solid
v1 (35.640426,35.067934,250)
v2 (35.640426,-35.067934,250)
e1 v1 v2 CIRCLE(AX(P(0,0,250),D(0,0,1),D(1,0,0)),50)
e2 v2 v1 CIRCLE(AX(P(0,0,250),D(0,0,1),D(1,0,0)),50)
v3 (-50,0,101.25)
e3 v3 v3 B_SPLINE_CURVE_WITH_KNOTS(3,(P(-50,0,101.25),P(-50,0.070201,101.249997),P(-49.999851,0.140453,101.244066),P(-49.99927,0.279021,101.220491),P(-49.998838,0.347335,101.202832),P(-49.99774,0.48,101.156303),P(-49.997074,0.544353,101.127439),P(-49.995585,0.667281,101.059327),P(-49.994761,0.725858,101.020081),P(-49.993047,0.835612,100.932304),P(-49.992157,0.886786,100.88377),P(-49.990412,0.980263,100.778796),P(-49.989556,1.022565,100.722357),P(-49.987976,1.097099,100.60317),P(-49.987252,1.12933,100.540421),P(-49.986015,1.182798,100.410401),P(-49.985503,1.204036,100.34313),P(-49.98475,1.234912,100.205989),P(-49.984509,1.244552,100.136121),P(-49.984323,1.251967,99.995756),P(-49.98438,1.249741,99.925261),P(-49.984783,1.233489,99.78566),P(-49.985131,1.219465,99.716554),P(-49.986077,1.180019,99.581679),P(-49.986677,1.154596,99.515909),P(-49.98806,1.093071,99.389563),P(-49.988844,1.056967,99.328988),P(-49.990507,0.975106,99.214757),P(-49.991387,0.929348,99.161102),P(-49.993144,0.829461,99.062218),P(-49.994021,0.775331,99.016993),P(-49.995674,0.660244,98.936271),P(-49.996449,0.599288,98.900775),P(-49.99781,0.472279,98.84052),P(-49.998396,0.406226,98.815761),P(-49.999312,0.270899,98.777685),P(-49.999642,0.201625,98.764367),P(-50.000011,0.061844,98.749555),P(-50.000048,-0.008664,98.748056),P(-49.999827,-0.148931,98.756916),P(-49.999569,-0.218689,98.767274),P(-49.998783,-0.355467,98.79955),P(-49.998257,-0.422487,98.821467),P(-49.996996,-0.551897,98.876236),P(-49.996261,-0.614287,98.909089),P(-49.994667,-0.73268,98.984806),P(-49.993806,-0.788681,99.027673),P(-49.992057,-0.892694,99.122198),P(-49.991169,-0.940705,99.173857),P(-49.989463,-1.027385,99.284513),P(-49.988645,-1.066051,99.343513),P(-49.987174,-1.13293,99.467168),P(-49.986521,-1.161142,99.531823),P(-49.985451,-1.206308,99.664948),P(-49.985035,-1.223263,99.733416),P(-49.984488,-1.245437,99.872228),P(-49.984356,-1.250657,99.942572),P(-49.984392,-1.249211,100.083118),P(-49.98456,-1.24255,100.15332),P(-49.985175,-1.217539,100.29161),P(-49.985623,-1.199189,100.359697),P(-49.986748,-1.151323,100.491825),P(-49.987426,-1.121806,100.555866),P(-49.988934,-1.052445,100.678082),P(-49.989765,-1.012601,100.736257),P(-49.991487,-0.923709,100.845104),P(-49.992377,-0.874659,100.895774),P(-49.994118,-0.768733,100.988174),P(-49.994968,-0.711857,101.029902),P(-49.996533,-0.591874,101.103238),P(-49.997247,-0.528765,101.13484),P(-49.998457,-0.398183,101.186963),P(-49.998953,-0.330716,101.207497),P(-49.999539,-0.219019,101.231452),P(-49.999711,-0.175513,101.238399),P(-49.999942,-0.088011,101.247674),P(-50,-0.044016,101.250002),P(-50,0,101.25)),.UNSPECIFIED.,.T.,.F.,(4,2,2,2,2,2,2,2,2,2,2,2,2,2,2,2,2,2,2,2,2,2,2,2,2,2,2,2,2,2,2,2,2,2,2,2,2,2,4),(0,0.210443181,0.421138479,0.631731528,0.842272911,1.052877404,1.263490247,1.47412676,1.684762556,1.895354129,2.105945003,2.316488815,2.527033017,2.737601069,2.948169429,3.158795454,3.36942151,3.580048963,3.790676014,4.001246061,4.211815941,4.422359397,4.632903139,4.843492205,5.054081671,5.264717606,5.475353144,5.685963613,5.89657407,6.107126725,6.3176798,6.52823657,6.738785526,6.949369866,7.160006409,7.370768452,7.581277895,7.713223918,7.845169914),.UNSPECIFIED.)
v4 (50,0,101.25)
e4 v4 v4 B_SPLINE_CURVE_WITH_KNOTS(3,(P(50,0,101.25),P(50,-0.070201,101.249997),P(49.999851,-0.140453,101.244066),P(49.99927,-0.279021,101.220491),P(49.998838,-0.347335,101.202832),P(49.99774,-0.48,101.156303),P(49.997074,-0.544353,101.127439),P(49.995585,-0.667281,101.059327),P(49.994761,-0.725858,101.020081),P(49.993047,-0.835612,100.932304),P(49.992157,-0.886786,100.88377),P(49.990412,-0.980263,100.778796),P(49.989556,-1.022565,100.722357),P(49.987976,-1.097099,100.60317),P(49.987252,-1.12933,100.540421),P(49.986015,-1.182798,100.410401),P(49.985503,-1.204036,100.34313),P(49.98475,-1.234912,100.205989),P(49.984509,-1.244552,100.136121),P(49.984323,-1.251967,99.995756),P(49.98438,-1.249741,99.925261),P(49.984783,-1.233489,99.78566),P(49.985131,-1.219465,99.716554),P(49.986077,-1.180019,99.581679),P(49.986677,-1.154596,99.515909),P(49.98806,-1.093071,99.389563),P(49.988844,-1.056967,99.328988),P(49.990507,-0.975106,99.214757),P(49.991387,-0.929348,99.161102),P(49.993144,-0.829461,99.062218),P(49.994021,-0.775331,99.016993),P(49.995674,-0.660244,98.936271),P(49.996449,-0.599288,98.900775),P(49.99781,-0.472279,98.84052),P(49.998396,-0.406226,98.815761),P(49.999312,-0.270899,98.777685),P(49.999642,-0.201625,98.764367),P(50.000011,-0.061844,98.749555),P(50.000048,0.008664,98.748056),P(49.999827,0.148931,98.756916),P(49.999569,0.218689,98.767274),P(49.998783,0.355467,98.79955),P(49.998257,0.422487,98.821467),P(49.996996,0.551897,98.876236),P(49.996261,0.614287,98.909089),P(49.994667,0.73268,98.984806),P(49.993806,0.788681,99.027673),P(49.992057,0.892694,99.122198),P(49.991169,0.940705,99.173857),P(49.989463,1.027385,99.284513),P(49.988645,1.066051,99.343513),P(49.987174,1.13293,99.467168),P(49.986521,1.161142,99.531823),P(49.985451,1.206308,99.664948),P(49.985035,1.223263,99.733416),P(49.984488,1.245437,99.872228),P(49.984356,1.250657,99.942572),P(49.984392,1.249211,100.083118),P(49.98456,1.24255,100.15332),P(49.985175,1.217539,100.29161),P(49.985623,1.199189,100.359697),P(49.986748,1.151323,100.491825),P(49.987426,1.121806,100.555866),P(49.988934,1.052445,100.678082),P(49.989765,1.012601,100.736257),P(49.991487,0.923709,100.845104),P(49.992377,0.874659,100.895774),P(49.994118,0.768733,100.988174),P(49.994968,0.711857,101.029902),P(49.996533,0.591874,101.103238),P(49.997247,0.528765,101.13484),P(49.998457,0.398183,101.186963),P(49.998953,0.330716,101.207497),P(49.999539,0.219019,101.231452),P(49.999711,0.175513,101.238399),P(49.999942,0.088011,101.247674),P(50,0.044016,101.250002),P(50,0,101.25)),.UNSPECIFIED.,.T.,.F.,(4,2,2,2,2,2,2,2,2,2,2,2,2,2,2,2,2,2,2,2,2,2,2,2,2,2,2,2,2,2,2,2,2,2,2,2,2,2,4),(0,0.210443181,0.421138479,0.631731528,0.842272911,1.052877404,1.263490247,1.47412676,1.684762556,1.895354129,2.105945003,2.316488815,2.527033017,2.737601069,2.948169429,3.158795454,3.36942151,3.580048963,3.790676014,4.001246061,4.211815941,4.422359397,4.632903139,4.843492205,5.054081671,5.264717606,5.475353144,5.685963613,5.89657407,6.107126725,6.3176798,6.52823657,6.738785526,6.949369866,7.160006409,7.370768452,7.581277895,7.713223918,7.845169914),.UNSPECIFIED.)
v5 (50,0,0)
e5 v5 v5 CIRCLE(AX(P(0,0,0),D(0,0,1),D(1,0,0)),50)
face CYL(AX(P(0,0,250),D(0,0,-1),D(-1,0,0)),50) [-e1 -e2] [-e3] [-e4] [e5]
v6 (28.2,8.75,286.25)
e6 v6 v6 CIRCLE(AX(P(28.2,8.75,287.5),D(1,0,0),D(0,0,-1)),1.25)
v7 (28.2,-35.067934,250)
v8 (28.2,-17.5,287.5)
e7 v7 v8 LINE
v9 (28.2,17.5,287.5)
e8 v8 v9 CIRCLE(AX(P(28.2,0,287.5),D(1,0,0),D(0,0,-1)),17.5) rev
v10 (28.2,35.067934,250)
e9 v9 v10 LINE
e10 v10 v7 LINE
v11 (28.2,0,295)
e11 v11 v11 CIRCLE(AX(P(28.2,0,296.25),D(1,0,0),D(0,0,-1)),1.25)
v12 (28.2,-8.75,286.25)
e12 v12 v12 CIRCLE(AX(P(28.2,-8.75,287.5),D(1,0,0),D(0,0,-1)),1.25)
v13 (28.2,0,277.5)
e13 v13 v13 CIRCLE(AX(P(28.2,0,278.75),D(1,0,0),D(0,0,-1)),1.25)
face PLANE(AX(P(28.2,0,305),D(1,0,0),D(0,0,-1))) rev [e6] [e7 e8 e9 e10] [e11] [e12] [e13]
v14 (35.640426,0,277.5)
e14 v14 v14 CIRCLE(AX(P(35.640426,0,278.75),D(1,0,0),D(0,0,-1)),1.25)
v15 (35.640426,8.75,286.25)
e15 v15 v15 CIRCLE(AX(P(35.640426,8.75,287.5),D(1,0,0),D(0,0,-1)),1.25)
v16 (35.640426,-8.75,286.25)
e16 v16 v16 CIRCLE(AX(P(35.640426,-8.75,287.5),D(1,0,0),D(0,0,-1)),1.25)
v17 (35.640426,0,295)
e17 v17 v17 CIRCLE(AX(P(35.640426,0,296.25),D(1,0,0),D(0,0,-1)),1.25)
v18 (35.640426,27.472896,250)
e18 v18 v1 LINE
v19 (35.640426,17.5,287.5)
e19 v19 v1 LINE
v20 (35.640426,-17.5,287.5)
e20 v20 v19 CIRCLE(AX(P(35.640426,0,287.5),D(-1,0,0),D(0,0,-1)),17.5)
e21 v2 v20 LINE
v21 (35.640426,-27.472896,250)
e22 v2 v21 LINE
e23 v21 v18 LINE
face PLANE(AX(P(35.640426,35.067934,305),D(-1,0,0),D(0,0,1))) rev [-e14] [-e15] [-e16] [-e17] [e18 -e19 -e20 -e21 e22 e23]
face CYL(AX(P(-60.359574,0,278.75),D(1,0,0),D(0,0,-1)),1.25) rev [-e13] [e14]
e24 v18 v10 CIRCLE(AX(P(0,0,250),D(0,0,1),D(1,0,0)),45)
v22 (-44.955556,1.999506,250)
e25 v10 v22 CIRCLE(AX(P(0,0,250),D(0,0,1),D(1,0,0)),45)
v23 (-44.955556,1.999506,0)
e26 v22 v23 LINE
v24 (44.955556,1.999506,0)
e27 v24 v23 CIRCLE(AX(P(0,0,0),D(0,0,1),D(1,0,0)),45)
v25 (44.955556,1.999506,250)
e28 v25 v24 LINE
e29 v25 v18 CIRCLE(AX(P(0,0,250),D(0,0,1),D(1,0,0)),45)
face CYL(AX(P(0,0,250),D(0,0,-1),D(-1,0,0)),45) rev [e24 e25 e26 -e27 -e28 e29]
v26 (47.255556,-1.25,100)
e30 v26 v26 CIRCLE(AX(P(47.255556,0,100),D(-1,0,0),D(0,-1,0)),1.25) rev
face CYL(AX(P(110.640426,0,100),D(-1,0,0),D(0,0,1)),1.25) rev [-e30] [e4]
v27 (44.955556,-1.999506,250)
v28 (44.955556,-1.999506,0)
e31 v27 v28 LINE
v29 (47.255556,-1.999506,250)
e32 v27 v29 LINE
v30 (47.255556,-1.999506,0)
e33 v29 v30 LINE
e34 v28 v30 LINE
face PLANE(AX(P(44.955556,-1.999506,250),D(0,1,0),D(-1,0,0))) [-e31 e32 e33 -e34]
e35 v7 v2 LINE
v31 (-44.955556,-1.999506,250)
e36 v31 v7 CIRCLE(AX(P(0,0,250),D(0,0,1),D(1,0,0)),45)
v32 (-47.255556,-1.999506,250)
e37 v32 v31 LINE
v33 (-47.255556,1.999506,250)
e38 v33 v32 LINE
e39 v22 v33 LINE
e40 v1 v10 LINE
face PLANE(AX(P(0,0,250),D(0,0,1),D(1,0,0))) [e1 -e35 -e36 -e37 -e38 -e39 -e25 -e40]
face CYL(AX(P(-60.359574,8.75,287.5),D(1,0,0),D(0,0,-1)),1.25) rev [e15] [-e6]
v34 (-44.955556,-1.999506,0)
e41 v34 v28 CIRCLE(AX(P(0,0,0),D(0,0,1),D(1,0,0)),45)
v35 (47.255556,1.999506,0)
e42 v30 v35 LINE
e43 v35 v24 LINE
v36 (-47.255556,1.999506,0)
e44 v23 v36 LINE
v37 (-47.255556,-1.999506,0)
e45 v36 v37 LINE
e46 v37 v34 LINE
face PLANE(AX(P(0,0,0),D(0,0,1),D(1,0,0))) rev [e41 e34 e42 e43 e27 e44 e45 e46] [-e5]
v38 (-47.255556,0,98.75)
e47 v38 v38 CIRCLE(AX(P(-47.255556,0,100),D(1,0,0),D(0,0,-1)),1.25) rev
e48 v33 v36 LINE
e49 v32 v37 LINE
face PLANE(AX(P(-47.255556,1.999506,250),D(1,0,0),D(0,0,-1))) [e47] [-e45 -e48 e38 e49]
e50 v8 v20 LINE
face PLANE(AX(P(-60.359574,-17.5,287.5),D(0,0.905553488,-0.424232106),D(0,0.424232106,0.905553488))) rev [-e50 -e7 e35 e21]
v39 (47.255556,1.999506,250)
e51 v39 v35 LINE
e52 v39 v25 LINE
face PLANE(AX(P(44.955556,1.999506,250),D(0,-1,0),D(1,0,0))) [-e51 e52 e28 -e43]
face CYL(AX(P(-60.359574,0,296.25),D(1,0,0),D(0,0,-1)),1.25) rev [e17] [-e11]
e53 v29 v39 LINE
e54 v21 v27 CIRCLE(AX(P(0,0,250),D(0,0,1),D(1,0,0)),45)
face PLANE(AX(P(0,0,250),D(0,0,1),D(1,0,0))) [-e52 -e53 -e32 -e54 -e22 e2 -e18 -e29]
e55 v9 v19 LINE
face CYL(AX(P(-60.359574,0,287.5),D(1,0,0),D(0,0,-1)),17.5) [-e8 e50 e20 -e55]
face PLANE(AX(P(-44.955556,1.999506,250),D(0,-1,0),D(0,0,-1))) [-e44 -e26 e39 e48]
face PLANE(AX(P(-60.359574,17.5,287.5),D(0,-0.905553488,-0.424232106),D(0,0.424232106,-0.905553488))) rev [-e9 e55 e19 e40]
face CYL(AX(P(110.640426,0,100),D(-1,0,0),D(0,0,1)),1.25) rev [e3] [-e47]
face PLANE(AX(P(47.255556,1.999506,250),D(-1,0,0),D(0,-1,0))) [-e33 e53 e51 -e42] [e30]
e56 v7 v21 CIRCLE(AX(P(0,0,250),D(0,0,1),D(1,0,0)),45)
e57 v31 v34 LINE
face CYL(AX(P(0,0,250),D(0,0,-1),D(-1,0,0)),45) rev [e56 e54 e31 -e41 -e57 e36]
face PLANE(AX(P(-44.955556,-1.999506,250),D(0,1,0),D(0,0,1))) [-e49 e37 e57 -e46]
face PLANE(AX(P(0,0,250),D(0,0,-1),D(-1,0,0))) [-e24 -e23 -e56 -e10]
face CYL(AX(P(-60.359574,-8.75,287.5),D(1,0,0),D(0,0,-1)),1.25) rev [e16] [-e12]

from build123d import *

# Parameters (mm, degrees)
SKETCH1_R               = 50
BOSS_EXTRUDE1_DEPTH     = 250
BOSS_EXTRUDE2_DEPTH     = 55
SKETCH7_R               = 1.25
CUT_EXTRUDE4_DEPTH      = 75
CUT_EXTRUDE4_DEPTH_BACK = 96
CUT_EXTRUDE5_DEPTH      = 96
CUT_EXTRUDE6_DEPTH      = 96
SKETCH10_R              = 1.25
CUT_EXTRUDE7_DEPTH      = 96


with BuildPart() as part:
    # Sketch1 → Boss-Extrude1 (new body)
    with BuildSketch(Plane.XY):
        Circle(SKETCH1_R)
        with BuildLine():
            Line((-44.955555556, 1.999506112), (-47.255555556, 1.999506112))
            Line((-47.255555556, 1.999506112), (-47.255555556, -1.999506112))
            Line((-47.255555556, -1.999506112), (-44.955555556, -1.999506112))
            ThreePointArc((-44.955555556, -1.999506112), (0, -45), (44.955555556, -1.999506112))
            Line((44.955555556, -1.999506112), (47.255555556, -1.999506112))
            Line((47.255555556, -1.999506112), (47.255555556, 1.999506112))
            Line((47.255555556, 1.999506112), (44.955555556, 1.999506112))
            ThreePointArc((44.955555556, 1.999506112), (0, 45), (-44.955555556, 1.999506112))
        make_face(mode=Mode.SUBTRACT)
    extrude(amount=BOSS_EXTRUDE1_DEPTH)

    # Sketch3 → Boss-Extrude2 (add)
    with BuildSketch(Plane.XY.offset(250)):
        Polygon((28.2, 0), (28.2, 35.067934071), (35.640426485, 35.067934071), (35.640426485, -35.067934071), (28.2, -35.067934071), align=None)
    extrude(amount=BOSS_EXTRUDE2_DEPTH)

    # Sketch7 → Cut-Extrude4 (cut, two sides)
    with BuildSketch(Plane(origin=(35.640426485, 0, 0), x_dir=(0, 0, -1), z_dir=(1, 0, 0))) as cut_extrude4_sk:
        with Locations((-100, 0)):
            Circle(SKETCH7_R)
    extrude(amount=CUT_EXTRUDE4_DEPTH, mode=Mode.SUBTRACT)
    extrude(cut_extrude4_sk.sketch, amount=-CUT_EXTRUDE4_DEPTH_BACK, mode=Mode.SUBTRACT)

    # Sketch8 → Cut-Extrude5 (cut)
    with BuildSketch(Plane(origin=(35.640426485, 0, 0), x_dir=(0, 0, -1), z_dir=(1, 0, 0))):
        with BuildLine():
            Line((-287.5, 17.5), (-250, 35.067934071))
            Line((-250, 35.067934071), (-305, 35.067934071))
            Line((-305, 35.067934071), (-305, 0))
            ThreePointArc((-305, 0), (-299.874368671, 12.374368671), (-287.5, 17.5))
        make_face()
    extrude(amount=-CUT_EXTRUDE5_DEPTH, mode=Mode.SUBTRACT)

    # Sketch9 → Cut-Extrude6 (cut)
    with BuildSketch(Plane(origin=(35.640426485, 0, 0), x_dir=(0, 0, -1), z_dir=(1, 0, 0))):
        with BuildLine():
            Line((-287.5, -17.5), (-250, -35.067934071))
            Line((-250, -35.067934071), (-305, -35.067934071))
            Line((-305, -35.067934071), (-305, 0))
            ThreePointArc((-305, 0), (-299.874368671, -12.374368671), (-287.5, -17.5))
        make_face()
    extrude(amount=-CUT_EXTRUDE6_DEPTH, mode=Mode.SUBTRACT)

    # Sketch10 → Cut-Extrude7 (cut)
    with BuildSketch(Plane(origin=(35.640426485, 0, 0), x_dir=(0, 0, -1), z_dir=(1, 0, 0))):
        with Locations((-296.25, 0)):
            Circle(SKETCH10_R)
        with Locations((-287.5, 8.75)):
            Circle(SKETCH10_R)
        with Locations((-278.75, 0)):
            Circle(SKETCH10_R)
        with Locations((-287.5, -8.75)):
            Circle(SKETCH10_R)
    extrude(amount=-CUT_EXTRUDE7_DEPTH, mode=Mode.SUBTRACT)


solid = part.part
